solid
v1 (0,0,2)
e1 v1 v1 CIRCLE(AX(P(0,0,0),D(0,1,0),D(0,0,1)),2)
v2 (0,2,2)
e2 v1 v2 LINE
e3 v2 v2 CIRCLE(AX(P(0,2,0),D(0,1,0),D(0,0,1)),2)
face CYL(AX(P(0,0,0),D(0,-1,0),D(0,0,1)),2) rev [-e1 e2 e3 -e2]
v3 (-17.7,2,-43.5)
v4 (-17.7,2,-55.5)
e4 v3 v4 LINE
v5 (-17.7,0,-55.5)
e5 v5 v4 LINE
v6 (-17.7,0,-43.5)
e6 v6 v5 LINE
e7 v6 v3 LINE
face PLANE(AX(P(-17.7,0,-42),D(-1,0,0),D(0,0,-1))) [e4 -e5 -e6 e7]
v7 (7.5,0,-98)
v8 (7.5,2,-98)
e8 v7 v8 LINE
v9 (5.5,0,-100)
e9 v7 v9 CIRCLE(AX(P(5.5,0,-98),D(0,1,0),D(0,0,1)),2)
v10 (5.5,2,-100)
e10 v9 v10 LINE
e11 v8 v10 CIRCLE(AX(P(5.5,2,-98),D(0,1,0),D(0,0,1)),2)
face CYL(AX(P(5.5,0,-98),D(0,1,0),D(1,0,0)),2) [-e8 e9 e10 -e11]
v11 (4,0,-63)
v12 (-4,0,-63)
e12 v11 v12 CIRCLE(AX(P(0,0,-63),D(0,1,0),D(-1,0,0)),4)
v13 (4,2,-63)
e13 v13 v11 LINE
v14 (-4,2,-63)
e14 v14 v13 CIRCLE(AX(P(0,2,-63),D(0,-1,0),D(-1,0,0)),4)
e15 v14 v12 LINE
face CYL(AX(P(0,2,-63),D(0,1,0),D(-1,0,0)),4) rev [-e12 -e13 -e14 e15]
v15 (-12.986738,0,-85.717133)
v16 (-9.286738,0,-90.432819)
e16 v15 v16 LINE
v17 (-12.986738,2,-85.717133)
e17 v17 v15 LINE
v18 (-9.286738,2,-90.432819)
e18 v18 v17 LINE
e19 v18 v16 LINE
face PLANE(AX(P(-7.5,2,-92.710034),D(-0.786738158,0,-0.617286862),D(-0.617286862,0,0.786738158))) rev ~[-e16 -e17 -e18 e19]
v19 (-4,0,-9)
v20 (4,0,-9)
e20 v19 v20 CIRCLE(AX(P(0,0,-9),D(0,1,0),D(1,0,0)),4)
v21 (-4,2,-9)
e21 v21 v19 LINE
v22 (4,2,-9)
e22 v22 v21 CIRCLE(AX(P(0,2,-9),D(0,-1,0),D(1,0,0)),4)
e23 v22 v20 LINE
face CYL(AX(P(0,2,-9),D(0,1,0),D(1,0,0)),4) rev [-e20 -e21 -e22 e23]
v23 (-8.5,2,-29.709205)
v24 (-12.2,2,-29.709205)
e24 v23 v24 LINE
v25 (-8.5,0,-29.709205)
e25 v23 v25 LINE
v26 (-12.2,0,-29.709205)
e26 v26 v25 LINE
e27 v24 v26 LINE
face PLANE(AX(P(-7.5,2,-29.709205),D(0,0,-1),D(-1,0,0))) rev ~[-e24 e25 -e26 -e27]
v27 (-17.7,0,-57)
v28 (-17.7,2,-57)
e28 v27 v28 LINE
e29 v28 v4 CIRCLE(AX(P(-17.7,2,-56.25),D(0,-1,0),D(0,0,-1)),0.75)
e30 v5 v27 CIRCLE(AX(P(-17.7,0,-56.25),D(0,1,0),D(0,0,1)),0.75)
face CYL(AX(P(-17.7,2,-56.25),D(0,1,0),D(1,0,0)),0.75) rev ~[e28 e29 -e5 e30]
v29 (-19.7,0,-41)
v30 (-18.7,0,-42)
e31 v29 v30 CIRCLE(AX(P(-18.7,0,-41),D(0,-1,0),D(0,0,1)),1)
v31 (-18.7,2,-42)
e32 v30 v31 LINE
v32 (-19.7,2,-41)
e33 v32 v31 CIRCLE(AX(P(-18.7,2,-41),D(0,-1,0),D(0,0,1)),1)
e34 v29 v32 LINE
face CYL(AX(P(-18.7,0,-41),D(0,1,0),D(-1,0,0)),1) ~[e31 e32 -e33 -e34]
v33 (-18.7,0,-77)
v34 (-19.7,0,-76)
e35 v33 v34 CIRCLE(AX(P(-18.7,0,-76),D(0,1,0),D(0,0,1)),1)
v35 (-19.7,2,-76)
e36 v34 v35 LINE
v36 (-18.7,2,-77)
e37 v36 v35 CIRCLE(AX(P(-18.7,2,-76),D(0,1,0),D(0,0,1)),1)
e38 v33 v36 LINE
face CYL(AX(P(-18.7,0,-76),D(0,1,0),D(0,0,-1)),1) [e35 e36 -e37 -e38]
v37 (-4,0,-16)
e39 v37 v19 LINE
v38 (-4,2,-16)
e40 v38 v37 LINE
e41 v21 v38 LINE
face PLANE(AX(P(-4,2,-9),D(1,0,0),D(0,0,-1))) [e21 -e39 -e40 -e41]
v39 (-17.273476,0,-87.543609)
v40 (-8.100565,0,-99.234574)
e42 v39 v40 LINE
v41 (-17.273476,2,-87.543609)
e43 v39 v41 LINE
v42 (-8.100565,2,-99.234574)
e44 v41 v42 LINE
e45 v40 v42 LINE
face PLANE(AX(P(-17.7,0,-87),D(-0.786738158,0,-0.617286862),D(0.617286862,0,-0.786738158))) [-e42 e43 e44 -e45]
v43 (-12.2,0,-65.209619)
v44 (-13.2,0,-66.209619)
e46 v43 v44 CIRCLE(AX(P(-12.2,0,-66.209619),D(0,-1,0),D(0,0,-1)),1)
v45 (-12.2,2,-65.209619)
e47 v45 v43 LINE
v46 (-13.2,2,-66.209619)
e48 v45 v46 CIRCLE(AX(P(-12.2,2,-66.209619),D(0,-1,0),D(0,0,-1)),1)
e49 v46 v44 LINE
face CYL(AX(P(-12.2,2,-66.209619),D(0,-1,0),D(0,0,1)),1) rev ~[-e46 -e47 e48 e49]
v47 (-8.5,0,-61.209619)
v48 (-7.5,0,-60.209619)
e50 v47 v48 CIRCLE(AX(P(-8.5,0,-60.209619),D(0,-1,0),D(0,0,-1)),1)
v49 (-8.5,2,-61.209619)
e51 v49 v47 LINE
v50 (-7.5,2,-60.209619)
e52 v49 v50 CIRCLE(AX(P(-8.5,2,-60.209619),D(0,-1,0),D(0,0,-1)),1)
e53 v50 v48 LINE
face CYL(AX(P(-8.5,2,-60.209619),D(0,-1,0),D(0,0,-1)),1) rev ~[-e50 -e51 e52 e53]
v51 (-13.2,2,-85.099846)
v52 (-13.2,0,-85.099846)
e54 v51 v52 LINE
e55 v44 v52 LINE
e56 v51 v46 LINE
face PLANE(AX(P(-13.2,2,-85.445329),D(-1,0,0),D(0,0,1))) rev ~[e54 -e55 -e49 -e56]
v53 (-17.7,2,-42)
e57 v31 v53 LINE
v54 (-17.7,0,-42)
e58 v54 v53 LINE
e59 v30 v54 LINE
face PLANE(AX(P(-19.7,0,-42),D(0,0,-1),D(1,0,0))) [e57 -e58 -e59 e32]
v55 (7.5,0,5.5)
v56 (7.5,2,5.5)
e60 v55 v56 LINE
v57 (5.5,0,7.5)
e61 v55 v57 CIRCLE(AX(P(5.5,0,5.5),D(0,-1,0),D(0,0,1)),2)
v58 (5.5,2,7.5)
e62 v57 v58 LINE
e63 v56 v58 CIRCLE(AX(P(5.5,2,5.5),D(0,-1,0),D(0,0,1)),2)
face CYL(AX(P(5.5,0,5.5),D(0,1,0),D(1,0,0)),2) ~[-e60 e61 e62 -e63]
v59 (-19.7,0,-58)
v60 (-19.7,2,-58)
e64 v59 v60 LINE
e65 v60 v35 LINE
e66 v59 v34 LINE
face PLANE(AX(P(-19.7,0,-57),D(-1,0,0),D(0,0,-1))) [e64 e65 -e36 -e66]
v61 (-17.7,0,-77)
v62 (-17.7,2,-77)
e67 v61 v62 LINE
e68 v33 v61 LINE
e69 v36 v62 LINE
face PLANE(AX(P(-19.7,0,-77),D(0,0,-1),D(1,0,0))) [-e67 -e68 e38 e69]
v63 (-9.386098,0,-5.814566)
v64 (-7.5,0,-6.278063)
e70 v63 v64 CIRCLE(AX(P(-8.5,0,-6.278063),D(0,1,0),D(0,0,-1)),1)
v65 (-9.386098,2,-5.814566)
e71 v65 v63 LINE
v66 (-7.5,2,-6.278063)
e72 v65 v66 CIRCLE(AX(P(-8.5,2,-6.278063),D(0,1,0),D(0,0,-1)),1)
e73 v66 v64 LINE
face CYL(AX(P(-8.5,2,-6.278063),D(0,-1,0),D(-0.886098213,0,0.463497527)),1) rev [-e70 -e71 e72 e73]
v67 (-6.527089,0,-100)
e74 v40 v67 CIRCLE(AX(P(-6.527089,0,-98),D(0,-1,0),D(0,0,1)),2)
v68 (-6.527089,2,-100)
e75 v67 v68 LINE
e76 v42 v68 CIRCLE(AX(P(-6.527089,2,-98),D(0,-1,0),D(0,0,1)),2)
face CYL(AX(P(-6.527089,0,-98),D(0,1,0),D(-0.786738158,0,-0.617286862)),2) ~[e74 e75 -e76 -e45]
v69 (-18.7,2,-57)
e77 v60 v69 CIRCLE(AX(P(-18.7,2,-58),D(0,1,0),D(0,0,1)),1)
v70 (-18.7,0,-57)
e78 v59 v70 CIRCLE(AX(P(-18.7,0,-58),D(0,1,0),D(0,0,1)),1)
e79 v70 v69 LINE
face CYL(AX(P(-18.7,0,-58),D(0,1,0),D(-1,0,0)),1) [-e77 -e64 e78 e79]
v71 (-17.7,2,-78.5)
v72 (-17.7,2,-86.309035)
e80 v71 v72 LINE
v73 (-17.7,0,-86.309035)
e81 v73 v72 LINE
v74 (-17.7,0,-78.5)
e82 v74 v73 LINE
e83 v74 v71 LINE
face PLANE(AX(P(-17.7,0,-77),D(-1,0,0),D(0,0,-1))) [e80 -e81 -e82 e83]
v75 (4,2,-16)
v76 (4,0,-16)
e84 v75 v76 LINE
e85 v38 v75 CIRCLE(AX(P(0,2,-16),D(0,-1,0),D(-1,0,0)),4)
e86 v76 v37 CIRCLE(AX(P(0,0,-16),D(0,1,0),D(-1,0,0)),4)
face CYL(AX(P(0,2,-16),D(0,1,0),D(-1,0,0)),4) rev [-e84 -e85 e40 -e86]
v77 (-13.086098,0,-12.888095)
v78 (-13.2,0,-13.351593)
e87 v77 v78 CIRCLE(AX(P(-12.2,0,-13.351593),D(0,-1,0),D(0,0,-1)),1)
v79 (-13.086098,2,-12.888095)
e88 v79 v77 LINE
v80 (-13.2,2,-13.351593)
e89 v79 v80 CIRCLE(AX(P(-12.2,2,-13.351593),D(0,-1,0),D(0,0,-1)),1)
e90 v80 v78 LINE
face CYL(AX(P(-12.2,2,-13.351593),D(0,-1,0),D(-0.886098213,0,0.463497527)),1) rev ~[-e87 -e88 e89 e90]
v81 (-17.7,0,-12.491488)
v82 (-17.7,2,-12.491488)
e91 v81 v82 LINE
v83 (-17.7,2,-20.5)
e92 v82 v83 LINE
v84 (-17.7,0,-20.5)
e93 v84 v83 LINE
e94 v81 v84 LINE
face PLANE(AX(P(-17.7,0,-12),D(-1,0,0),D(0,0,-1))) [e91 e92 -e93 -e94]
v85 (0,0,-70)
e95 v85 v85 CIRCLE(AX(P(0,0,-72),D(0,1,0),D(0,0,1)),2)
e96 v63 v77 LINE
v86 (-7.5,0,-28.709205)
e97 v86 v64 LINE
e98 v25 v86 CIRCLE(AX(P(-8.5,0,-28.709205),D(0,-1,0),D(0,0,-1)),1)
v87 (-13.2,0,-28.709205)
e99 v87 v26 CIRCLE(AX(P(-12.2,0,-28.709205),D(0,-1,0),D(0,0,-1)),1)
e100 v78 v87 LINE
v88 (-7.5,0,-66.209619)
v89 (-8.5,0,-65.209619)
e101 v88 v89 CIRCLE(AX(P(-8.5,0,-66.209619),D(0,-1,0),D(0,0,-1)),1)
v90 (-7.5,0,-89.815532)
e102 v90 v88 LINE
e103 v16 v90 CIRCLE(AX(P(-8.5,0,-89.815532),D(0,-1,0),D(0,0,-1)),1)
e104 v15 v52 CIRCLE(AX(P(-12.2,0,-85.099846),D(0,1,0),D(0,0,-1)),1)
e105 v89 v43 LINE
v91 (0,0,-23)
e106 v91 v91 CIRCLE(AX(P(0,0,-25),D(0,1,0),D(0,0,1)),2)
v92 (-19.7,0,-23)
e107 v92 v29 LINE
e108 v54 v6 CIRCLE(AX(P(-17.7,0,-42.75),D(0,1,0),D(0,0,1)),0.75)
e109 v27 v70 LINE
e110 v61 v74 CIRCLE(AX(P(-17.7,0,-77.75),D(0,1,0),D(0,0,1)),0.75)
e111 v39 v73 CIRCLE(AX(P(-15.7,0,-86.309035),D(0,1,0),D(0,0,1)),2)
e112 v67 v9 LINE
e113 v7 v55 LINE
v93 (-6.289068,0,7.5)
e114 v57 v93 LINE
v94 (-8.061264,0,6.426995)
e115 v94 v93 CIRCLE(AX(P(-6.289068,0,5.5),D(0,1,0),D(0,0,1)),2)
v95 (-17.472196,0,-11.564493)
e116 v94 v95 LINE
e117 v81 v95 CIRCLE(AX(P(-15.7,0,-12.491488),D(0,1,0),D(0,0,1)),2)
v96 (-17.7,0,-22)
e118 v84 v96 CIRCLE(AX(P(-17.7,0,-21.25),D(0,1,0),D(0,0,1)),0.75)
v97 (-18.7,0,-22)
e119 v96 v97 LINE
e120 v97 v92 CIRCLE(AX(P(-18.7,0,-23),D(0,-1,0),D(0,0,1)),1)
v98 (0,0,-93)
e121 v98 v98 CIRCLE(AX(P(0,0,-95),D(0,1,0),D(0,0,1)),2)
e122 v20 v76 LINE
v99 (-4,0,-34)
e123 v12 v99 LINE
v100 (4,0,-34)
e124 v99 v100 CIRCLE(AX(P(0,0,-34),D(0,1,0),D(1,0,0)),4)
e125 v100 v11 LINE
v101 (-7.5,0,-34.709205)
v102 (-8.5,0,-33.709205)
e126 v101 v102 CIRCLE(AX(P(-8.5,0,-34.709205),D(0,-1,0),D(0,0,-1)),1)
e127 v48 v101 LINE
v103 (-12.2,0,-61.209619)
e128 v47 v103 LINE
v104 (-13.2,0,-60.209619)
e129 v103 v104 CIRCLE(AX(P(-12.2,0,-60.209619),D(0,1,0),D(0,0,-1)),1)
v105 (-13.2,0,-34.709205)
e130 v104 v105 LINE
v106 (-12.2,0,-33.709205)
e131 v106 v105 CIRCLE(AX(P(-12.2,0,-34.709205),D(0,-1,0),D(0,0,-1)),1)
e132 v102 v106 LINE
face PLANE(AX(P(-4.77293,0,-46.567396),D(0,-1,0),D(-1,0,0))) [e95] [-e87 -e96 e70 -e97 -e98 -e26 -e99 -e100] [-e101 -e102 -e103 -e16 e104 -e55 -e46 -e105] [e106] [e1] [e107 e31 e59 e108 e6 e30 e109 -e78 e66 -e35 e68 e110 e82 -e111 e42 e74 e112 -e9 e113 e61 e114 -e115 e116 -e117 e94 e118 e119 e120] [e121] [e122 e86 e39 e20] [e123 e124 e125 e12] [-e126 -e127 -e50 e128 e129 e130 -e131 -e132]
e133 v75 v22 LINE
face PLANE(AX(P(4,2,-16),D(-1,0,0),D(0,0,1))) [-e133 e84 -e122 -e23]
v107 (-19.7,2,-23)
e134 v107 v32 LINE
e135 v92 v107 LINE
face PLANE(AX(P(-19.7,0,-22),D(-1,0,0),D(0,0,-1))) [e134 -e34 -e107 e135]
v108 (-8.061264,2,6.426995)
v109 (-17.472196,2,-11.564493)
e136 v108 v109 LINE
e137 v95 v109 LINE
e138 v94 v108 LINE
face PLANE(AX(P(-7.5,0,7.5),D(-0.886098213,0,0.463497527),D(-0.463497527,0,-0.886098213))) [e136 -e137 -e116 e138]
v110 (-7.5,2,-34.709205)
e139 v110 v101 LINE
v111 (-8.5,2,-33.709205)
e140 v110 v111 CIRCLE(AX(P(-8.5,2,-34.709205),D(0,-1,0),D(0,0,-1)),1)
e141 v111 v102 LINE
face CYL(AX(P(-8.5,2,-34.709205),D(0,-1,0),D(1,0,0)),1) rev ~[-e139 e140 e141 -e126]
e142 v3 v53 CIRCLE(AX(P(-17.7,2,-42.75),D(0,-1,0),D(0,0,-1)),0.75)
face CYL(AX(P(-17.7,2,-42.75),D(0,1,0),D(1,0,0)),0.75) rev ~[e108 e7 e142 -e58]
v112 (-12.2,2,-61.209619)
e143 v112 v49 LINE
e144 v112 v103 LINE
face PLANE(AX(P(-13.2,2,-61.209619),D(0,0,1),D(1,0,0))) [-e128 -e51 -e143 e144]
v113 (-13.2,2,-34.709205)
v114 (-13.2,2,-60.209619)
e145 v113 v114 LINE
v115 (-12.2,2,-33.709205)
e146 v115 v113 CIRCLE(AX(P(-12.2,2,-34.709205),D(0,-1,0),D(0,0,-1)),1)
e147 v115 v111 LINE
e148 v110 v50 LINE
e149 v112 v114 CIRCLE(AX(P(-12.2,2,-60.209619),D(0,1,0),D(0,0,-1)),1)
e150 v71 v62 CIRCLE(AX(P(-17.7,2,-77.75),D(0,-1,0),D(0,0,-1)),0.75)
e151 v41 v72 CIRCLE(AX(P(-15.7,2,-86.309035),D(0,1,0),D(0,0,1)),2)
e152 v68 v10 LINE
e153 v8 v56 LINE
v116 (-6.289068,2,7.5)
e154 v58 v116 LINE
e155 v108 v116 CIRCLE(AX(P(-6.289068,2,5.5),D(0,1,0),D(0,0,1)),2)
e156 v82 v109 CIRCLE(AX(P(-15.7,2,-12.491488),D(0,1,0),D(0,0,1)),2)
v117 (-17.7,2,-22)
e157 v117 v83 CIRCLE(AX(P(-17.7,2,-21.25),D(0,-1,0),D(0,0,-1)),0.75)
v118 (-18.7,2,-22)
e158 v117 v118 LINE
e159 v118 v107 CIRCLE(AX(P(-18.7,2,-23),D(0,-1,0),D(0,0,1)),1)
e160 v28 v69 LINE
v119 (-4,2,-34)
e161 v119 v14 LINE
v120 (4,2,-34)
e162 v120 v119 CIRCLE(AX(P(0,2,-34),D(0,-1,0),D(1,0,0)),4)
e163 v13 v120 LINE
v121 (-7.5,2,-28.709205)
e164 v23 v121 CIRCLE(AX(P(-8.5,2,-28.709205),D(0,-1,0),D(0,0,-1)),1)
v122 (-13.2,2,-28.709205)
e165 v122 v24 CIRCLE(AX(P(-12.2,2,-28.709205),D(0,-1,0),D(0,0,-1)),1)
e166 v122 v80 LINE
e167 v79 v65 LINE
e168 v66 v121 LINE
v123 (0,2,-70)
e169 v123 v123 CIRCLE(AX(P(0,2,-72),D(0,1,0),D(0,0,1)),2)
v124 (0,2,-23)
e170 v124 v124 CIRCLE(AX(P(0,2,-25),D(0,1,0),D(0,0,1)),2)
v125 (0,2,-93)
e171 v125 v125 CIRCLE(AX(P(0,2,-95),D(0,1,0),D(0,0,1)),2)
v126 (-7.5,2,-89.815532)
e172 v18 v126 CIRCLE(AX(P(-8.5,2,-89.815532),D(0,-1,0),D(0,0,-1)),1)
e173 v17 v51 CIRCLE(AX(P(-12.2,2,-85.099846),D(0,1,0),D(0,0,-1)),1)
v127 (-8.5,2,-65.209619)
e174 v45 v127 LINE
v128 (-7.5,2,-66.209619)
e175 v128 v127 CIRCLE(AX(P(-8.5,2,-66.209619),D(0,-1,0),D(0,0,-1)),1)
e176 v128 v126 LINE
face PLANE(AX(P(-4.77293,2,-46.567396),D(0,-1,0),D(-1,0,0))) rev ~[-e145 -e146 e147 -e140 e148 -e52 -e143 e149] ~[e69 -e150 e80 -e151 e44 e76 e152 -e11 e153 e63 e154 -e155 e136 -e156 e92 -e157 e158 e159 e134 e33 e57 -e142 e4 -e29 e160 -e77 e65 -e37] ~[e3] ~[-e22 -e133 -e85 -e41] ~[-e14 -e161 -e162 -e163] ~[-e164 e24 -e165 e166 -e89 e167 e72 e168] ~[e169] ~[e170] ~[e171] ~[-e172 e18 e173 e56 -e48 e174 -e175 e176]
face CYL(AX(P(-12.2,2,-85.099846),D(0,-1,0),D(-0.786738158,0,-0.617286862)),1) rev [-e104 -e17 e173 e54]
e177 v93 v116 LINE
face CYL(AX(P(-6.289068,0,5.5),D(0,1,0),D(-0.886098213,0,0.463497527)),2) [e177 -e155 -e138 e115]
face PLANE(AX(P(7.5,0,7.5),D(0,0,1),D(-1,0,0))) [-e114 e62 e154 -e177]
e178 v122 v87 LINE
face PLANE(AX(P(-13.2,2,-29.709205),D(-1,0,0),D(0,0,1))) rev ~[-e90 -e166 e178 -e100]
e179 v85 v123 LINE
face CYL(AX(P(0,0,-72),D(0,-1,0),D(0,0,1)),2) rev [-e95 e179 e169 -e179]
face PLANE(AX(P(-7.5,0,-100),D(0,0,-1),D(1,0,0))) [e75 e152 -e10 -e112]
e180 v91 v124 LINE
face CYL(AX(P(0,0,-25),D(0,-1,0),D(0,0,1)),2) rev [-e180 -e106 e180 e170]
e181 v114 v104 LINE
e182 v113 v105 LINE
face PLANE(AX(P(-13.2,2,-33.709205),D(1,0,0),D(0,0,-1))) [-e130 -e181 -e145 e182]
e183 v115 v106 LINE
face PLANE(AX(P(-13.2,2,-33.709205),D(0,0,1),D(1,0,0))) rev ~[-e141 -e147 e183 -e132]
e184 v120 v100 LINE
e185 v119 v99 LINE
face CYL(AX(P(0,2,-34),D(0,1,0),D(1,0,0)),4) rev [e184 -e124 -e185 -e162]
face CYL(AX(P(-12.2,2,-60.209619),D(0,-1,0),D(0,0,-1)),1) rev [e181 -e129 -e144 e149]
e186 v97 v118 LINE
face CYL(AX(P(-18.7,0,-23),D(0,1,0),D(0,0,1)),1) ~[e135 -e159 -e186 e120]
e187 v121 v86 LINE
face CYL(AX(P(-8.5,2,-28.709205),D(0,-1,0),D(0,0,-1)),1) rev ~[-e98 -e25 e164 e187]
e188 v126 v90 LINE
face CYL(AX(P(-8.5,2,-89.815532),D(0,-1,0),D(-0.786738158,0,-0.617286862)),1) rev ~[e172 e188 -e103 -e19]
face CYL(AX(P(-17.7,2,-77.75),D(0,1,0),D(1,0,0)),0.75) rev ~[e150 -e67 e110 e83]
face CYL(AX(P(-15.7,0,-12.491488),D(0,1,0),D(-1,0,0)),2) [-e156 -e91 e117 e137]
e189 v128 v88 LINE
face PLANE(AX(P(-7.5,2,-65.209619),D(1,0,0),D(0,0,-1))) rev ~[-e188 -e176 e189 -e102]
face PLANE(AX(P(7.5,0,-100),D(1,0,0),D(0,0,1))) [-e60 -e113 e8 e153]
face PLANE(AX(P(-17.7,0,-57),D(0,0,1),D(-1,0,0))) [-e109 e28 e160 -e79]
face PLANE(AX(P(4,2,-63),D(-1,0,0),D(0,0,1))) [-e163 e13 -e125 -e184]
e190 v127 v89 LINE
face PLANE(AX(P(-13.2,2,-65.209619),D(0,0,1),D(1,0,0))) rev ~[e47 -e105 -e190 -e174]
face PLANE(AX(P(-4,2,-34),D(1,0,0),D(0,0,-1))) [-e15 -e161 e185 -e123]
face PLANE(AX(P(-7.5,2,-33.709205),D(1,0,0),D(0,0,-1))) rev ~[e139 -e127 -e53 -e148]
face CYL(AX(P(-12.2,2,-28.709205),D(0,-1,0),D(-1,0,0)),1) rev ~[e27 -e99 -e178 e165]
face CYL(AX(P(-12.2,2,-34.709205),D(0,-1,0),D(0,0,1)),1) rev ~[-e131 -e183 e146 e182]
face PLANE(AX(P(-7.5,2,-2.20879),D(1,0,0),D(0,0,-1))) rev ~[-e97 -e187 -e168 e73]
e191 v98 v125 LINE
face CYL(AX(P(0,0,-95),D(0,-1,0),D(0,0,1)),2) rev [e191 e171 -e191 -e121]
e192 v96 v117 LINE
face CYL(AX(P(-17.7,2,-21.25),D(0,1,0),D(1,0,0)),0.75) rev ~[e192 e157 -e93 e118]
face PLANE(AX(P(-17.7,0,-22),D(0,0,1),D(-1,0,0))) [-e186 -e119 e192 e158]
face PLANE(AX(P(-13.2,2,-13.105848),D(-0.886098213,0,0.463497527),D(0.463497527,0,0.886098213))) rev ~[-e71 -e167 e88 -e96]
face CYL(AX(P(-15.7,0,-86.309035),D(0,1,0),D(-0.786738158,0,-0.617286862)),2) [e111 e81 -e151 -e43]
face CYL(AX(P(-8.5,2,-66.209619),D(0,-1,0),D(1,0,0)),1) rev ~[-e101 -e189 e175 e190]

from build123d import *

# Parameters (mm, degrees)
SKETCH_1_R          = 2
EXTRUDE_1_DEPTH     = 2
SKETCH_2_R          = 0.75
CUT_EXTRUDE_1_DEPTH = 102.941600929
FILLET_1_R          = 2
SKETCH_3_W          = 5.7
SKETCH_3_H          = 27.500414906
CUT_EXTRUDE_2_DEPTH = 102.941600929
FILLET_2_R          = 1


with BuildPart() as part:
    # 草图1 → 凸台-拉伸1 (new body)
    with BuildSketch(Plane(origin=(0, 0, 0), x_dir=(1, 0, 0), z_dir=(0, 1, 0))):
        Polygon((7.5, 100), (7.5, -7.5), (-7.5, -7.5), (-17.7, 12), (-17.7, 22), (-19.7, 22), (-19.7, 42), (-17.7, 42), (-17.7, 57), (-19.7, 57), (-19.7, 77), (-17.7, 77), (-17.7, 87), (-7.5, 100), align=None)
        with Locations(Location((0, 25, 0), (0, 0, 270))):
            Circle(SKETCH_1_R, mode=Mode.SUBTRACT)
        with Locations(Location((0, 0, 0), (0, 0, 270))):
            Circle(SKETCH_1_R, mode=Mode.SUBTRACT)
        with Locations(Location((0, 72, 0), (0, 0, 270))):
            Circle(SKETCH_1_R, mode=Mode.SUBTRACT)
        with Locations(Location((0, 95, 0), (0, 0, 270))):
            Circle(SKETCH_1_R, mode=Mode.SUBTRACT)
    extrude(amount=EXTRUDE_1_DEPTH)

    # 草图2 → 切除-拉伸1 (cut, through all)
    with BuildSketch(Plane(origin=(0, 2, 0), x_dir=(1, 0, 0), z_dir=(0, 1, 0))):
        with Locations((-17.7, 77.75)):
            Circle(SKETCH_2_R)
        with Locations((-17.7, 56.25)):
            Circle(SKETCH_2_R)
        with Locations((-17.7, 42.75)):
            Circle(SKETCH_2_R)
        with Locations((-17.7, 21.25)):
            Circle(SKETCH_2_R)
    extrude(amount=-CUT_EXTRUDE_1_DEPTH, mode=Mode.SUBTRACT)

    # 圆角1
    fillet_1_edges = [part.edges().sort_by_distance(p)[0] for p in [
        (-17.7, 1, -87),
        (-7.5, 1, -100),
        (7.5, 1, -100),
        (7.5, 1, 7.5),
        (-7.5, 1, 7.5),
        (-17.7, 1, -12),
    ]]
    fillet(fillet_1_edges, radius=FILLET_1_R)

    # 草图3 → 切除-拉伸2 (cut, through all)
    with BuildSketch(Plane(origin=(0, 2, 0), x_dir=(1, 0, 0), z_dir=(0, 1, 0))):
        with BuildLine():
            Line((-4, 9), (-4, 16))
            ThreePointArc((-4, 16), (0, 20), (4, 16))
            Line((4, 16), (4, 9))
            ThreePointArc((4, 9), (0, 5), (-4, 9))
        make_face()
        with BuildLine():
            Line((4, 63), (4, 34))
            ThreePointArc((4, 34), (0, 30), (-4, 34))
            Line((-4, 34), (-4, 63))
            ThreePointArc((-4, 63), (0, 67), (4, 63))
        make_face()
        Polygon((-7.5, 92.710034389), (-13.2, 85.445328506), (-13.2, 65.209619483), (-7.5, 65.209619483), align=None)
        Polygon((-13.2, 13.105848495), (-7.5, 2.208789672), (-7.5, 29.709204577), (-13.2, 29.709204577), align=None)
        with Locations((-10.35, 47.45941203)):
            Rectangle(SKETCH_3_W, SKETCH_3_H)
    extrude(amount=-CUT_EXTRUDE_2_DEPTH, mode=Mode.SUBTRACT)

    # 圆角2
    fillet_2_edges = [part.edges().sort_by_distance(p)[0] for p in [
        (-7.5, 1, -92.710034389),
        (-7.5, 1, -65.209619483),
        (-13.2, 1, -65.209619483),
        (-13.2, 1, -85.445328506),
        (-7.5, 1, -29.709204577),
        (-7.5, 1, -2.208789672),
        (-13.2, 1, -13.105848495),
        (-13.2, 1, -29.709204577),
        (-13.2, 1, -33.709204577),
        (-13.2, 1, -61.209619483),
        (-7.5, 1, -61.209619483),
        (-7.5, 1, -33.709204577),
        (-19.7, 1, -22),
        (-19.7, 1, -42),
        (-19.7, 1, -57),
        (-19.7, 1, -77),
    ]]
    fillet(fillet_2_edges, radius=FILLET_2_R)


solid = part.part
